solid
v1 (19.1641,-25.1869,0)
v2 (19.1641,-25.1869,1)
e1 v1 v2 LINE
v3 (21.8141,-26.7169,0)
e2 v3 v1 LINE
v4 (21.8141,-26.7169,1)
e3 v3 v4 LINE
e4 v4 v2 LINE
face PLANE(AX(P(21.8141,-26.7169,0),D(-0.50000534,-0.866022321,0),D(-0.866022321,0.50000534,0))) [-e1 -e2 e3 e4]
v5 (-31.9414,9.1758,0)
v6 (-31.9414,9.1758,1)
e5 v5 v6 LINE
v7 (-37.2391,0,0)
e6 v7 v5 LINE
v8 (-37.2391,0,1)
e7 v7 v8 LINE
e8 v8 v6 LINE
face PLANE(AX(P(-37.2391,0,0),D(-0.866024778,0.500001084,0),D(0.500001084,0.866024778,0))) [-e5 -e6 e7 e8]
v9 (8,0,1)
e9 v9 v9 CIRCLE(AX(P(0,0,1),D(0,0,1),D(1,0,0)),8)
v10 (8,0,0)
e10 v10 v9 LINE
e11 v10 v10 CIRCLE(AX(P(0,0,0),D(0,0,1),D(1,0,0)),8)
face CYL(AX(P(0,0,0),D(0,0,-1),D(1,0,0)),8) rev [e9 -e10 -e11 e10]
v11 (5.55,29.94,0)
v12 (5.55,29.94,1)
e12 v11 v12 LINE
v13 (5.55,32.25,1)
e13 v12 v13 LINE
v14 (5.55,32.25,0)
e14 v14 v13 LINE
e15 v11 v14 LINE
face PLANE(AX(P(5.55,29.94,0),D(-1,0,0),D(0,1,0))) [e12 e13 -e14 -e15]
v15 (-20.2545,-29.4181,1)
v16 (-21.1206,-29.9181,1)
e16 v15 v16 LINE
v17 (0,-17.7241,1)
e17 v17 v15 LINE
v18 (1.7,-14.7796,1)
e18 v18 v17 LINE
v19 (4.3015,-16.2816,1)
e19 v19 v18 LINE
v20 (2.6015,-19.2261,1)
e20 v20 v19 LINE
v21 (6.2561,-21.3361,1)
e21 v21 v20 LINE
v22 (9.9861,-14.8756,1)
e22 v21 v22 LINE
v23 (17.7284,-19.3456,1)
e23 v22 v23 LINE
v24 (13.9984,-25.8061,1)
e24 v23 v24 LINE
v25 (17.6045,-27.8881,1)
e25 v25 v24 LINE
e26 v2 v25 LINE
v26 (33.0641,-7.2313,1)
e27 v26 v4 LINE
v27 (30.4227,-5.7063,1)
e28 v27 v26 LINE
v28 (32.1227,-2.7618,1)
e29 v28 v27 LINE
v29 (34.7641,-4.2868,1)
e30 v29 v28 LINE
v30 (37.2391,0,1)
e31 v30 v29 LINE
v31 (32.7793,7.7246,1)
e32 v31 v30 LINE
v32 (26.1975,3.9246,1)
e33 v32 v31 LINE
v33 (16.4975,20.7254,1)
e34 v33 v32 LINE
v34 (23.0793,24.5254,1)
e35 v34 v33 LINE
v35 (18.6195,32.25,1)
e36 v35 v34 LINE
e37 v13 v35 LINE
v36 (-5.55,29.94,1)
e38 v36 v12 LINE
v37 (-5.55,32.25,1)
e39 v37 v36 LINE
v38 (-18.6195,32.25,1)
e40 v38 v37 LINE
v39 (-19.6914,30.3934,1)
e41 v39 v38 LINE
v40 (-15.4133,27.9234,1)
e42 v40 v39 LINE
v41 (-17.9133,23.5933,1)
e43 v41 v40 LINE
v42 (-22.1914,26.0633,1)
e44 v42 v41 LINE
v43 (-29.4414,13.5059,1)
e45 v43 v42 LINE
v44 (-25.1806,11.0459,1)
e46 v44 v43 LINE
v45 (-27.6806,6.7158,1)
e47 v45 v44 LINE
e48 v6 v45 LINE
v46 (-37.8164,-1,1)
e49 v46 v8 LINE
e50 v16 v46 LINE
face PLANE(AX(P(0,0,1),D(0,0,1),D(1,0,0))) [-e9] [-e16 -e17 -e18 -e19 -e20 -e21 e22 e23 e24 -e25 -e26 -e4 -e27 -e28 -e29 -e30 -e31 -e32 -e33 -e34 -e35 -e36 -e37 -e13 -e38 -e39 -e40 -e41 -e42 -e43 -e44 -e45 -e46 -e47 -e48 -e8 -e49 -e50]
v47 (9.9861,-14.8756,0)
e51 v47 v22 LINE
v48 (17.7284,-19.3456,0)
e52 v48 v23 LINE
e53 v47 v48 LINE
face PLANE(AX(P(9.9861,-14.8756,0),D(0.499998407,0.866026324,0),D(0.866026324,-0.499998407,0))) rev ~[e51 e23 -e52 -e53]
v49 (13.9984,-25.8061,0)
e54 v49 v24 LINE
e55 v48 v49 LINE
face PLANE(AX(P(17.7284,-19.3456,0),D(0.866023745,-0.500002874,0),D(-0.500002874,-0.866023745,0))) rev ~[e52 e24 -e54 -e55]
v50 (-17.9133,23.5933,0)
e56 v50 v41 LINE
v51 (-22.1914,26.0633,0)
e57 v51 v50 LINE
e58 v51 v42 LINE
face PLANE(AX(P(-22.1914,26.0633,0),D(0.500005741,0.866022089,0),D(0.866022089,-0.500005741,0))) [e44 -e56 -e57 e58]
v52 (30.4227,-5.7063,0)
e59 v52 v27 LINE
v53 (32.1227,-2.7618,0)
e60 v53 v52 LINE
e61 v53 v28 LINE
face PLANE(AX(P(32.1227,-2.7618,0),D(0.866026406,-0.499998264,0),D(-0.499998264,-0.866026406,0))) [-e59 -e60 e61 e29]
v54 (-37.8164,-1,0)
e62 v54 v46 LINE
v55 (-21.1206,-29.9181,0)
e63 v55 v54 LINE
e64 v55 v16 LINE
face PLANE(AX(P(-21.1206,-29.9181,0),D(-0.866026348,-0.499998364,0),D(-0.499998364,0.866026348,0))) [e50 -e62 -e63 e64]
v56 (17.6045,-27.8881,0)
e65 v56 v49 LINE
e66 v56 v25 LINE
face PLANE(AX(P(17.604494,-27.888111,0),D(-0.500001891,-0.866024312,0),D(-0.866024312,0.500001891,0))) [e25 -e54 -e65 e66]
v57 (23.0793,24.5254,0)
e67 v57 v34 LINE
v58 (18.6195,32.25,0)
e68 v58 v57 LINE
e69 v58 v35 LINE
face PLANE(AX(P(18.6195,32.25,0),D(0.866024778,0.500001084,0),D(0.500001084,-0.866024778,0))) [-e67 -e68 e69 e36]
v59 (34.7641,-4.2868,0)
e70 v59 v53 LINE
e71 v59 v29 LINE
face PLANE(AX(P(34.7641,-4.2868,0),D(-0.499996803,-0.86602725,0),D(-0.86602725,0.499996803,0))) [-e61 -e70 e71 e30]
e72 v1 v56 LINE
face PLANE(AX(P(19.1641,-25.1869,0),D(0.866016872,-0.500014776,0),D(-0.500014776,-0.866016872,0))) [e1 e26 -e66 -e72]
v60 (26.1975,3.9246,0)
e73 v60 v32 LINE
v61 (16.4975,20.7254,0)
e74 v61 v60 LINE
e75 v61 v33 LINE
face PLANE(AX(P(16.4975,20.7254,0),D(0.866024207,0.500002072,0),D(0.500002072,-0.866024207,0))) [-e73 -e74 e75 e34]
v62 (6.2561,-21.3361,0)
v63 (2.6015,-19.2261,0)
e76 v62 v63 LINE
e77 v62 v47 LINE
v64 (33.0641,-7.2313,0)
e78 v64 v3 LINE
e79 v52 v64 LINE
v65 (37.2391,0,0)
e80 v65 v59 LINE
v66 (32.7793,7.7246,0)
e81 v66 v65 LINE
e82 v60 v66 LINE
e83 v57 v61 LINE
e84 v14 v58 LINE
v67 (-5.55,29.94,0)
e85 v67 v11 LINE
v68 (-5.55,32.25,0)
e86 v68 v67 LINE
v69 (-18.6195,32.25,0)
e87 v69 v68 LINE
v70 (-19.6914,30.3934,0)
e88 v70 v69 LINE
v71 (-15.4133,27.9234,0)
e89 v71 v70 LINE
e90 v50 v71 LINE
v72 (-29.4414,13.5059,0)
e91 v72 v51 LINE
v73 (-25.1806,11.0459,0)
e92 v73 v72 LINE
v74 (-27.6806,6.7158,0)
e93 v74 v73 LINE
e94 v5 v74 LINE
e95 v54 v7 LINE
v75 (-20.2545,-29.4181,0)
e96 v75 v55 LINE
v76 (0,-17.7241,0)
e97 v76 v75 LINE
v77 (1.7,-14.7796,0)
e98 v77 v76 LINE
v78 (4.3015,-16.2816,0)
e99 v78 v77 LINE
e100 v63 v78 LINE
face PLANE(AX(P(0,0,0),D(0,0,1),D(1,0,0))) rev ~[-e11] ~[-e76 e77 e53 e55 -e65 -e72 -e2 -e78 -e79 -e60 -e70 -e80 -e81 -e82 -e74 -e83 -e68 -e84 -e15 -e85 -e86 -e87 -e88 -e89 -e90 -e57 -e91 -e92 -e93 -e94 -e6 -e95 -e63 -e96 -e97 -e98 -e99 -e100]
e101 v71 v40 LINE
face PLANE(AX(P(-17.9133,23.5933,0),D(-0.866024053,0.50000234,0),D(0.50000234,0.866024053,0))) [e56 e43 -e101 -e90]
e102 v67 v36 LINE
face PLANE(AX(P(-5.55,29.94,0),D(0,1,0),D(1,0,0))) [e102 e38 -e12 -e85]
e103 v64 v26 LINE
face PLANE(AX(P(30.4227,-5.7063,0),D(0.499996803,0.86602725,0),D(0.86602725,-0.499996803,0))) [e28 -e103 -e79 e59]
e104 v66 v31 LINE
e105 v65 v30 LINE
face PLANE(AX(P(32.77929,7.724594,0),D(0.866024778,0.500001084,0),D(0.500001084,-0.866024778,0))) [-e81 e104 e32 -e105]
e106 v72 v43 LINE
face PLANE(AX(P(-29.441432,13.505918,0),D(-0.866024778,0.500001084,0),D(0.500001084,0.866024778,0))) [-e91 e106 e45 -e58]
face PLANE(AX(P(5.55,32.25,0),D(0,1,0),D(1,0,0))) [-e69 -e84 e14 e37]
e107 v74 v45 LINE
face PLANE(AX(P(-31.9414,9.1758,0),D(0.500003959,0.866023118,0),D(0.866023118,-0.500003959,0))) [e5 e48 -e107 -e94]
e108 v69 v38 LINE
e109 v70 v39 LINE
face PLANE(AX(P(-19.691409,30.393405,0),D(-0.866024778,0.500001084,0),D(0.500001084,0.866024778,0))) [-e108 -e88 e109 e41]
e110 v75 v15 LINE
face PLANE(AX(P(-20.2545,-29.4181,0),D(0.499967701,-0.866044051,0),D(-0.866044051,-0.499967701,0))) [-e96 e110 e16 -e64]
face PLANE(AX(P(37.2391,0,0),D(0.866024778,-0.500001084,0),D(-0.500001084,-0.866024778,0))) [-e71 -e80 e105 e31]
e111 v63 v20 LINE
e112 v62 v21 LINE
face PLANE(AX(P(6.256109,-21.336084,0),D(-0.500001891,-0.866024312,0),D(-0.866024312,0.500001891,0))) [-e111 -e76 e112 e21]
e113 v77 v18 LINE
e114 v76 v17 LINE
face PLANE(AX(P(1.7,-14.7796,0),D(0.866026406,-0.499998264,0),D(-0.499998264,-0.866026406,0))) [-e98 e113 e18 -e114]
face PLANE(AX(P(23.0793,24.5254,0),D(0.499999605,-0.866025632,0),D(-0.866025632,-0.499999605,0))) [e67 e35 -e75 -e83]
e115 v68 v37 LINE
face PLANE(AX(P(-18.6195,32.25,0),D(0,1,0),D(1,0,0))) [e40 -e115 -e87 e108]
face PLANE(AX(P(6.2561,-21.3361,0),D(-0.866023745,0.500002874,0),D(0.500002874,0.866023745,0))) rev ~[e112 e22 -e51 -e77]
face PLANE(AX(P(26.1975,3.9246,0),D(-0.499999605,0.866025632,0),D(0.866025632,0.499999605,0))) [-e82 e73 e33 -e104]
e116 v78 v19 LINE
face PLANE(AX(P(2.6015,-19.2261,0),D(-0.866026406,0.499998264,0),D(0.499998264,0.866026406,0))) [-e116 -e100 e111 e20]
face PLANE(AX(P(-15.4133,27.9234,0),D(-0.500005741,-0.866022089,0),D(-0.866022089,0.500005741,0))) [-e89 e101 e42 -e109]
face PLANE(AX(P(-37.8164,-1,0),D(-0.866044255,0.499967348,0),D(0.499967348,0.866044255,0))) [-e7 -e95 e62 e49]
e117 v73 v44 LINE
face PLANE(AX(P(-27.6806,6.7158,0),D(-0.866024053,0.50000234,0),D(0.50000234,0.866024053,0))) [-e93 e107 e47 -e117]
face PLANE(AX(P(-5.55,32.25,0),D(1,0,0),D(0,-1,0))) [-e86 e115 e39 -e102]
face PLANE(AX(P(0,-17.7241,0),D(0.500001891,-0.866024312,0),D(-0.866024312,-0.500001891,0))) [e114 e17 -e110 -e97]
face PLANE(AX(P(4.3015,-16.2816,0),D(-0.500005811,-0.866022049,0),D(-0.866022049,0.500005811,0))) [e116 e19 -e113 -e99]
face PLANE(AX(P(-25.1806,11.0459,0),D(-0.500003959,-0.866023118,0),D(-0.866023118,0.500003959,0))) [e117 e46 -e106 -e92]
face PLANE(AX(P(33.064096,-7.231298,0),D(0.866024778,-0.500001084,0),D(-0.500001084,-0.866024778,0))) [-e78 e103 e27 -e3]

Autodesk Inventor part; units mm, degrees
ref_plane "YZ Plane" through (0, 0, 0) normal (1, 0, 0) x (0, 1, 0)
ref_plane "XZ Plane" through (0, 0, 0) normal (0, 1, 0) x (-1, 0, 0)
ref_plane "XY Plane" through (0, 0, 0) normal (0, 0, 1) x (1, 0, 0)
sketch "Sketch1" plane through (0, 0, 0) normal (0, 0, 1) x (1, 0, 0)
  line L0 (37.2391, 0) -> (18.6195, -32.25)
  line L1 (18.6195, -32.25) -> (-18.6195, -32.25)
  line L2 (-18.6195, -32.25) -> (-37.2391, 0)
  line L3 (-37.2391, 0) -> (-18.6195, 32.25)
  line L4 (-18.6195, 32.25) -> (18.6195, 32.25)
  line L5 (18.6195, 32.25) -> (37.2391, 0)
  line L6 (18.6195, -32.25) -> (20.2545, -29.4181)
  line L7 (20.2545, -29.4181) -> (0, -17.7241)
  line L8 (0, -17.7241) -> (-20.2545, -29.4181)
  line L9 (-20.2545, -29.4181) -> (-21.1206, -29.9181)
  line L10 (-21.1206, -29.9181) -> (-37.8164, -1)
  line L11 (-37.8164, -1) -> (-37.2391, 0)
  circle A0 centre (0, 0) radius 8
  line L12 (-37.8164, -1) -> (-31.9414, 9.1758)
  line L13 (-31.9414, 9.1758) -> (-27.6806, 6.7158)
  line L14 (-27.6806, 6.7158) -> (-25.1806, 11.0459)
  line L15 (-25.1806, 11.0459) -> (-29.4414, 13.5059)
  line L16 (-29.4414, 13.5059) -> (-22.1914, 26.0633)
  line L17 (-22.1914, 26.0633) -> (-17.9133, 23.5933)
  line L18 (-17.9133, 23.5933) -> (-15.4133, 27.9234)
  line L19 (-15.4133, 27.9234) -> (-19.6914, 30.3934)
  line L20 (0, 32.25) -> (5.55, 32.25)
  line L21 (0, 32.25) -> (-5.55, 32.25)
  line L22 (-5.55, 32.25) -> (-5.55, 29.94)
  line L23 (-5.55, 29.94) -> (5.55, 29.94)
  line L24 (5.55, 29.94) -> (5.55, 32.25)
  line L25 (27.9293, 16.125) -> (32.7793, 7.7246)
  line L26 (27.9293, 16.125) -> (23.0793, 24.5254)
  line L27 (23.0793, 24.5254) -> (16.4975, 20.7254)
  line L28 (16.4975, 20.7254) -> (26.1975, 3.9246)
  line L29 (26.1975, 3.9246) -> (32.7793, 7.7246)
  line L30 (37.2391, 0) -> (34.7641, -4.2868)
  line L31 (34.7641, -4.2868) -> (32.1227, -2.7618)
  line L32 (32.1227, -2.7618) -> (30.4227, -5.7063)
  line L33 (30.4227, -5.7063) -> (33.0641, -7.2313)
  line L34 (33.0641, -7.2313) -> (21.8141, -26.7169)
  line L35 (21.8141, -26.7169) -> (19.1641, -25.1869)
  line L36 (19.1641, -25.1869) -> (17.6045, -27.8881)
  line L37 (10.1273, -23.5711) -> (13.9984, -25.8061)
  line L38 (10.1273, -23.5711) -> (6.2561, -21.3361)
  line L39 (6.2561, -21.3361) -> (9.9861, -14.8756)
  line L40 (9.9861, -14.8756) -> (17.7284, -19.3456)
  line L41 (17.7284, -19.3456) -> (13.9984, -25.8061)
  line L42 (6.2561, -21.3361) -> (2.6015, -19.2261)
  line L43 (2.6015, -19.2261) -> (4.3015, -16.2816)
  line L44 (4.3015, -16.2816) -> (1.7, -14.7796)
  line L45 (1.7, -14.7796) -> (0, -17.7241)
  dimension "d0" = 64.5
  dimension "d1" = 3.27
  dimension "d2" = 1
  dimension "d3" = 16
  dimension "d4" = 11.75
  dimension "d5" = 4.92
  dimension "d6" = 5
  dimension "d7" = 14.5
  dimension "d8" = 4.94
  dimension "d9" = 5
  dimension "d10" = 5.55
  dimension "d11" = 5.55
  dimension "d12" = 2.31
  dimension "d13" = 9.7
  dimension "d14" = 9.7
  dimension "d15" = 7.6
  dimension "d16" = 4.95
  dimension "d17" = 3.05
  dimension "d18" = 3.4
  dimension "d19" = 22.5
  dimension "d21" = 3.06
  dimension "d22" = 4.47
  dimension "d23" = 4.47
  dimension "d24" = 7.46
  dimension "d25" = 4.22
  dimension "d26" = 3.4
extrude "Extrusion1" add sketch "Sketch1" along normal blind 1 contours L0 L31 L32 L33 L35 L36 L7 L41 L40 L39 L43 L44 L45 L8 L2 L3 L13 L14 L15 L17 L18 L19 L4 L22 L23 L24 L5 L27 L28 L29 | L9 L10 L11 L2
properties part number "LilypadPCB"
